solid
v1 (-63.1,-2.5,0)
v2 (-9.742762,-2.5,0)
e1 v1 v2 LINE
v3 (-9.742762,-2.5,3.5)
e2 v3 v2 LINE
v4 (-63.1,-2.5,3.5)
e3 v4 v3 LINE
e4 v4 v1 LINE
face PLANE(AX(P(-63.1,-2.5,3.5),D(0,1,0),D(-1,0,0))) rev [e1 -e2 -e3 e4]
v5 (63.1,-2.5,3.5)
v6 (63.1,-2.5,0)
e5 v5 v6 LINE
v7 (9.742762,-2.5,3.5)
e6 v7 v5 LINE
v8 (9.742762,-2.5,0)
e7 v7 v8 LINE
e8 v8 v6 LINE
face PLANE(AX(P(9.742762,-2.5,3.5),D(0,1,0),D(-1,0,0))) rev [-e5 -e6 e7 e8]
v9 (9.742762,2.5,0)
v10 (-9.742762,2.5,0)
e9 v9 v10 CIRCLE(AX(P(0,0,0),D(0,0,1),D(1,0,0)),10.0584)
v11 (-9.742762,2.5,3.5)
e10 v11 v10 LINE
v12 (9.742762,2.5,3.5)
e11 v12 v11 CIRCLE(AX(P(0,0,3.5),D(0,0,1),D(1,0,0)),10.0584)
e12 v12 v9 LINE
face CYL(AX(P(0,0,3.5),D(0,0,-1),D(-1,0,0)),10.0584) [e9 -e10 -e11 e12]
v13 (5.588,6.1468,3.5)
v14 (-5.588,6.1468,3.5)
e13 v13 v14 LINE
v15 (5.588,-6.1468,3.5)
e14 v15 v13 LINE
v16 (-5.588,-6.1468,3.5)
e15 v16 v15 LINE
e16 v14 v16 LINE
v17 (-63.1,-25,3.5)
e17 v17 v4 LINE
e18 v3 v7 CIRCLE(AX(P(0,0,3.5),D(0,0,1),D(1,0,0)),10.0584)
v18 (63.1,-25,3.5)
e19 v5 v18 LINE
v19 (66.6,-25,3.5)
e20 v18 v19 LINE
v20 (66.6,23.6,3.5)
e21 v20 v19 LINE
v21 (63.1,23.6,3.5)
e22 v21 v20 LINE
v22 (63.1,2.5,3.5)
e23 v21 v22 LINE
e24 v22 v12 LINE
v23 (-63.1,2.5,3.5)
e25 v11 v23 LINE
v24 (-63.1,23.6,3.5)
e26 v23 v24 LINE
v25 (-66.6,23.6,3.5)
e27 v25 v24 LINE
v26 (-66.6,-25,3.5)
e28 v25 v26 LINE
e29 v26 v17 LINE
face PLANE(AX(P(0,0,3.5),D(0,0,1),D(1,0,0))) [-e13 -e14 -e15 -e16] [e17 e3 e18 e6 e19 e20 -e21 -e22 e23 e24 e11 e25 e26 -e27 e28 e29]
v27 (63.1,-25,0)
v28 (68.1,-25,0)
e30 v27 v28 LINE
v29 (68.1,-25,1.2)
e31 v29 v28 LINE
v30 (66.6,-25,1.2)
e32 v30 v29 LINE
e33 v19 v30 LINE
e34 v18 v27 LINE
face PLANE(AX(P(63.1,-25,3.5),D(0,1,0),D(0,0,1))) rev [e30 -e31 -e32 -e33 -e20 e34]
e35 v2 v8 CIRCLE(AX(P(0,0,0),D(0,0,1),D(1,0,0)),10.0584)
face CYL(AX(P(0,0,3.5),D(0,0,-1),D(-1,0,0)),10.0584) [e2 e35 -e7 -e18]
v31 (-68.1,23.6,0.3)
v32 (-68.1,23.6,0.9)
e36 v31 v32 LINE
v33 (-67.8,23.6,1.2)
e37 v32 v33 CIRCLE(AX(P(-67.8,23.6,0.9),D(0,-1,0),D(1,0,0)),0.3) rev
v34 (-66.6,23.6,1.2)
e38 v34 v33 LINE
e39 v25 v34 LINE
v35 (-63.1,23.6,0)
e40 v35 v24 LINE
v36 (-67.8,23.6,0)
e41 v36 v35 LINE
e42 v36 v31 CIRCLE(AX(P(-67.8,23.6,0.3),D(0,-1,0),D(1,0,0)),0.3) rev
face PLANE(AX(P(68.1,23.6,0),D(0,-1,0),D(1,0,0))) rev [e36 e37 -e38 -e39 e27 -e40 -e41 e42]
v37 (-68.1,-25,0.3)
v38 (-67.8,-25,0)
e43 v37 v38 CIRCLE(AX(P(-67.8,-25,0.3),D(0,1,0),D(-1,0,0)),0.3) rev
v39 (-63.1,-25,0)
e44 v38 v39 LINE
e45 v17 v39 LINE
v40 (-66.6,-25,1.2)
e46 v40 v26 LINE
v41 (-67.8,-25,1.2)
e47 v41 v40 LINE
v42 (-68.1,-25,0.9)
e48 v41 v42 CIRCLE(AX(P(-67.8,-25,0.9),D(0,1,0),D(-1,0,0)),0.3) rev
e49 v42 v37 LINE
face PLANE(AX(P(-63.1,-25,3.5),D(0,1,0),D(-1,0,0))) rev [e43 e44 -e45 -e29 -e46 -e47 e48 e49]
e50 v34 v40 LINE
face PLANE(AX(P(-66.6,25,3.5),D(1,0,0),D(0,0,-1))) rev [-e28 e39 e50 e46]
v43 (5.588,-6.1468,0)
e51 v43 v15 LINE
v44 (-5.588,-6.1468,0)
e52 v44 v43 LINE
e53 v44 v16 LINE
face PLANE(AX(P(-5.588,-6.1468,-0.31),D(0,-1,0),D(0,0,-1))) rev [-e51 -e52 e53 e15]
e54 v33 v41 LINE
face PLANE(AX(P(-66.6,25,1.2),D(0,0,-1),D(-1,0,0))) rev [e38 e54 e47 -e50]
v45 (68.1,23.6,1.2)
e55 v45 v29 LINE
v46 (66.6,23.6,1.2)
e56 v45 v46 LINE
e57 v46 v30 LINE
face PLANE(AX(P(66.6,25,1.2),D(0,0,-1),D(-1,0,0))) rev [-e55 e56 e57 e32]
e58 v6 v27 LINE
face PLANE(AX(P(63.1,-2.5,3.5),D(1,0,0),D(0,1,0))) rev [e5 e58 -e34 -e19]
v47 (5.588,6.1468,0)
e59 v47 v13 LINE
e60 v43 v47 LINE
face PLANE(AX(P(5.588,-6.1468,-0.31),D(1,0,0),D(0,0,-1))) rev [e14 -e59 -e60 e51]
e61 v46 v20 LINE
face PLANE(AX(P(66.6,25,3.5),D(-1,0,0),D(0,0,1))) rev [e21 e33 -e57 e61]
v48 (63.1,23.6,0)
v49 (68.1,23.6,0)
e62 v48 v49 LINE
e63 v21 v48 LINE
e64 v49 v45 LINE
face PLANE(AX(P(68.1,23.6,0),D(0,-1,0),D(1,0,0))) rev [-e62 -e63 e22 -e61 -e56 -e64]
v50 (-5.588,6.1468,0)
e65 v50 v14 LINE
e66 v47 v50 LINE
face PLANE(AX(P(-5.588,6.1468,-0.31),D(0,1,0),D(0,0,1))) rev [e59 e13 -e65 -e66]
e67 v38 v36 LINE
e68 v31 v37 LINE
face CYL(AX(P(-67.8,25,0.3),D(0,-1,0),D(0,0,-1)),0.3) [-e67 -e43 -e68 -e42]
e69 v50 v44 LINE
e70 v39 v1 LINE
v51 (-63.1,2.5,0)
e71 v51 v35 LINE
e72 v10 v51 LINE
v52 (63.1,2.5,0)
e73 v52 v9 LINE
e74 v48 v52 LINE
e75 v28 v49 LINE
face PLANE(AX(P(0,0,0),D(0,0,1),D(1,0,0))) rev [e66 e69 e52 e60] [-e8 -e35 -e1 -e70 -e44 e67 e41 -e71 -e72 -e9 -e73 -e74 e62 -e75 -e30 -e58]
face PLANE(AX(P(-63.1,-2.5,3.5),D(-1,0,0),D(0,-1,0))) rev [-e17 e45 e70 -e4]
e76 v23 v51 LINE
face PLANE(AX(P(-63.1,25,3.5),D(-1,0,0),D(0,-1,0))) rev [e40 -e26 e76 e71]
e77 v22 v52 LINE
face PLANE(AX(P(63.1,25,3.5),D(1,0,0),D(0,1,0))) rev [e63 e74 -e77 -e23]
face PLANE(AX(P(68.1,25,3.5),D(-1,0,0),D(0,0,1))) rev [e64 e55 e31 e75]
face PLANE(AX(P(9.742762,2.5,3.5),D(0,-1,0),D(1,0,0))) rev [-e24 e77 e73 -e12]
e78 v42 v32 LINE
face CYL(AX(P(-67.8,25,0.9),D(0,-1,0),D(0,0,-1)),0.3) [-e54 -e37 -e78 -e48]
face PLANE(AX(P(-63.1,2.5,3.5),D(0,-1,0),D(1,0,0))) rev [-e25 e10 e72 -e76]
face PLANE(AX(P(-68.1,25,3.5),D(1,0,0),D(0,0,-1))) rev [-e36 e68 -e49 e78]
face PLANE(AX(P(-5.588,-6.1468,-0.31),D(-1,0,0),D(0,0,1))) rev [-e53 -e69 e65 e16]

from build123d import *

# Parameters (mm, degrees)
SKETCH1_R           = 2.54
BOSS_EXTRUDE1_DEPTH = 3.5
SKETCH2_W           = 1.5
SKETCH2_H           = 2.3
CUT_EXTRUDE1_DEPTH  = 51
SKETCH3_W           = 11.176
SKETCH3_H           = 12.2936
CUT_EXTRUDE2_DEPTH  = 3.81
SKETCH4_W           = 136.2
SKETCH4_H           = 1.4
CUT_EXTRUDE3_DEPTH  = 4.5
FILLET1_R           = 0.3


with BuildPart() as part:
    # Sketch1 → Boss-Extrude1 (new body)
    with BuildSketch(Plane.XY):
        with BuildLine():
            Line((-63.1, 2.5), (-9.742761957, 2.5))
            ThreePointArc((-9.742761957, 2.5), (0, 10.0584), (9.742761957, 2.5))
            Line((9.742761957, 2.5), (63.1, 2.5))
            Line((63.1, 2.5), (63.1, 25))
            Line((63.1, 25), (68.1, 25))
            Line((68.1, 25), (68.1, -25))
            Line((68.1, -25), (63.1, -25))
            Line((63.1, -25), (63.1, -2.5))
            Line((63.1, -2.5), (9.742761957, -2.5))
            ThreePointArc((9.742761957, -2.5), (0, -10.0584), (-9.742761957, -2.5))
            Line((-9.742761957, -2.5), (-63.1, -2.5))
            Line((-63.1, -2.5), (-63.1, -25))
            Line((-63.1, -25), (-68.1, -25))
            Line((-68.1, -25), (-68.1, 25))
            Line((-68.1, 25), (-63.1, 25))
            Line((-63.1, 25), (-63.1, 2.5))
        make_face()
        Circle(SKETCH1_R, mode=Mode.SUBTRACT)
    extrude(amount=BOSS_EXTRUDE1_DEPTH)

    # Sketch2 → Cut-Extrude1 (cut, through all)
    with BuildSketch(Plane.XZ.offset(25)):
        with Locations((67.35, 2.35)):
            Rectangle(SKETCH2_W, SKETCH2_H)
        with Locations((-67.35, 2.35)):
            Rectangle(SKETCH2_W, SKETCH2_H)
    extrude(amount=-CUT_EXTRUDE1_DEPTH, mode=Mode.SUBTRACT)

    # Sketch3 → Cut-Extrude2 (cut)
    with BuildSketch(Plane.XY.offset(3.5)):
        Rectangle(SKETCH3_W, SKETCH3_H)
    extrude(amount=-CUT_EXTRUDE2_DEPTH, mode=Mode.SUBTRACT)

    # Sketch4 → Cut-Extrude3 (cut, through all)
    with BuildSketch(Plane.XY.offset(3.5)):
        with Locations((0, 24.3)):
            Rectangle(SKETCH4_W, SKETCH4_H)
    extrude(amount=-CUT_EXTRUDE3_DEPTH, mode=Mode.SUBTRACT)

    # Fillet1
    fillet1_edges = [part.edges().sort_by_distance(p)[0] for p in [
        (-68.1, -0.7, 1.2),
        (-68.1, -0.7, 0),
    ]]
    fillet(fillet1_edges, radius=FILLET1_R)


solid = part.part
